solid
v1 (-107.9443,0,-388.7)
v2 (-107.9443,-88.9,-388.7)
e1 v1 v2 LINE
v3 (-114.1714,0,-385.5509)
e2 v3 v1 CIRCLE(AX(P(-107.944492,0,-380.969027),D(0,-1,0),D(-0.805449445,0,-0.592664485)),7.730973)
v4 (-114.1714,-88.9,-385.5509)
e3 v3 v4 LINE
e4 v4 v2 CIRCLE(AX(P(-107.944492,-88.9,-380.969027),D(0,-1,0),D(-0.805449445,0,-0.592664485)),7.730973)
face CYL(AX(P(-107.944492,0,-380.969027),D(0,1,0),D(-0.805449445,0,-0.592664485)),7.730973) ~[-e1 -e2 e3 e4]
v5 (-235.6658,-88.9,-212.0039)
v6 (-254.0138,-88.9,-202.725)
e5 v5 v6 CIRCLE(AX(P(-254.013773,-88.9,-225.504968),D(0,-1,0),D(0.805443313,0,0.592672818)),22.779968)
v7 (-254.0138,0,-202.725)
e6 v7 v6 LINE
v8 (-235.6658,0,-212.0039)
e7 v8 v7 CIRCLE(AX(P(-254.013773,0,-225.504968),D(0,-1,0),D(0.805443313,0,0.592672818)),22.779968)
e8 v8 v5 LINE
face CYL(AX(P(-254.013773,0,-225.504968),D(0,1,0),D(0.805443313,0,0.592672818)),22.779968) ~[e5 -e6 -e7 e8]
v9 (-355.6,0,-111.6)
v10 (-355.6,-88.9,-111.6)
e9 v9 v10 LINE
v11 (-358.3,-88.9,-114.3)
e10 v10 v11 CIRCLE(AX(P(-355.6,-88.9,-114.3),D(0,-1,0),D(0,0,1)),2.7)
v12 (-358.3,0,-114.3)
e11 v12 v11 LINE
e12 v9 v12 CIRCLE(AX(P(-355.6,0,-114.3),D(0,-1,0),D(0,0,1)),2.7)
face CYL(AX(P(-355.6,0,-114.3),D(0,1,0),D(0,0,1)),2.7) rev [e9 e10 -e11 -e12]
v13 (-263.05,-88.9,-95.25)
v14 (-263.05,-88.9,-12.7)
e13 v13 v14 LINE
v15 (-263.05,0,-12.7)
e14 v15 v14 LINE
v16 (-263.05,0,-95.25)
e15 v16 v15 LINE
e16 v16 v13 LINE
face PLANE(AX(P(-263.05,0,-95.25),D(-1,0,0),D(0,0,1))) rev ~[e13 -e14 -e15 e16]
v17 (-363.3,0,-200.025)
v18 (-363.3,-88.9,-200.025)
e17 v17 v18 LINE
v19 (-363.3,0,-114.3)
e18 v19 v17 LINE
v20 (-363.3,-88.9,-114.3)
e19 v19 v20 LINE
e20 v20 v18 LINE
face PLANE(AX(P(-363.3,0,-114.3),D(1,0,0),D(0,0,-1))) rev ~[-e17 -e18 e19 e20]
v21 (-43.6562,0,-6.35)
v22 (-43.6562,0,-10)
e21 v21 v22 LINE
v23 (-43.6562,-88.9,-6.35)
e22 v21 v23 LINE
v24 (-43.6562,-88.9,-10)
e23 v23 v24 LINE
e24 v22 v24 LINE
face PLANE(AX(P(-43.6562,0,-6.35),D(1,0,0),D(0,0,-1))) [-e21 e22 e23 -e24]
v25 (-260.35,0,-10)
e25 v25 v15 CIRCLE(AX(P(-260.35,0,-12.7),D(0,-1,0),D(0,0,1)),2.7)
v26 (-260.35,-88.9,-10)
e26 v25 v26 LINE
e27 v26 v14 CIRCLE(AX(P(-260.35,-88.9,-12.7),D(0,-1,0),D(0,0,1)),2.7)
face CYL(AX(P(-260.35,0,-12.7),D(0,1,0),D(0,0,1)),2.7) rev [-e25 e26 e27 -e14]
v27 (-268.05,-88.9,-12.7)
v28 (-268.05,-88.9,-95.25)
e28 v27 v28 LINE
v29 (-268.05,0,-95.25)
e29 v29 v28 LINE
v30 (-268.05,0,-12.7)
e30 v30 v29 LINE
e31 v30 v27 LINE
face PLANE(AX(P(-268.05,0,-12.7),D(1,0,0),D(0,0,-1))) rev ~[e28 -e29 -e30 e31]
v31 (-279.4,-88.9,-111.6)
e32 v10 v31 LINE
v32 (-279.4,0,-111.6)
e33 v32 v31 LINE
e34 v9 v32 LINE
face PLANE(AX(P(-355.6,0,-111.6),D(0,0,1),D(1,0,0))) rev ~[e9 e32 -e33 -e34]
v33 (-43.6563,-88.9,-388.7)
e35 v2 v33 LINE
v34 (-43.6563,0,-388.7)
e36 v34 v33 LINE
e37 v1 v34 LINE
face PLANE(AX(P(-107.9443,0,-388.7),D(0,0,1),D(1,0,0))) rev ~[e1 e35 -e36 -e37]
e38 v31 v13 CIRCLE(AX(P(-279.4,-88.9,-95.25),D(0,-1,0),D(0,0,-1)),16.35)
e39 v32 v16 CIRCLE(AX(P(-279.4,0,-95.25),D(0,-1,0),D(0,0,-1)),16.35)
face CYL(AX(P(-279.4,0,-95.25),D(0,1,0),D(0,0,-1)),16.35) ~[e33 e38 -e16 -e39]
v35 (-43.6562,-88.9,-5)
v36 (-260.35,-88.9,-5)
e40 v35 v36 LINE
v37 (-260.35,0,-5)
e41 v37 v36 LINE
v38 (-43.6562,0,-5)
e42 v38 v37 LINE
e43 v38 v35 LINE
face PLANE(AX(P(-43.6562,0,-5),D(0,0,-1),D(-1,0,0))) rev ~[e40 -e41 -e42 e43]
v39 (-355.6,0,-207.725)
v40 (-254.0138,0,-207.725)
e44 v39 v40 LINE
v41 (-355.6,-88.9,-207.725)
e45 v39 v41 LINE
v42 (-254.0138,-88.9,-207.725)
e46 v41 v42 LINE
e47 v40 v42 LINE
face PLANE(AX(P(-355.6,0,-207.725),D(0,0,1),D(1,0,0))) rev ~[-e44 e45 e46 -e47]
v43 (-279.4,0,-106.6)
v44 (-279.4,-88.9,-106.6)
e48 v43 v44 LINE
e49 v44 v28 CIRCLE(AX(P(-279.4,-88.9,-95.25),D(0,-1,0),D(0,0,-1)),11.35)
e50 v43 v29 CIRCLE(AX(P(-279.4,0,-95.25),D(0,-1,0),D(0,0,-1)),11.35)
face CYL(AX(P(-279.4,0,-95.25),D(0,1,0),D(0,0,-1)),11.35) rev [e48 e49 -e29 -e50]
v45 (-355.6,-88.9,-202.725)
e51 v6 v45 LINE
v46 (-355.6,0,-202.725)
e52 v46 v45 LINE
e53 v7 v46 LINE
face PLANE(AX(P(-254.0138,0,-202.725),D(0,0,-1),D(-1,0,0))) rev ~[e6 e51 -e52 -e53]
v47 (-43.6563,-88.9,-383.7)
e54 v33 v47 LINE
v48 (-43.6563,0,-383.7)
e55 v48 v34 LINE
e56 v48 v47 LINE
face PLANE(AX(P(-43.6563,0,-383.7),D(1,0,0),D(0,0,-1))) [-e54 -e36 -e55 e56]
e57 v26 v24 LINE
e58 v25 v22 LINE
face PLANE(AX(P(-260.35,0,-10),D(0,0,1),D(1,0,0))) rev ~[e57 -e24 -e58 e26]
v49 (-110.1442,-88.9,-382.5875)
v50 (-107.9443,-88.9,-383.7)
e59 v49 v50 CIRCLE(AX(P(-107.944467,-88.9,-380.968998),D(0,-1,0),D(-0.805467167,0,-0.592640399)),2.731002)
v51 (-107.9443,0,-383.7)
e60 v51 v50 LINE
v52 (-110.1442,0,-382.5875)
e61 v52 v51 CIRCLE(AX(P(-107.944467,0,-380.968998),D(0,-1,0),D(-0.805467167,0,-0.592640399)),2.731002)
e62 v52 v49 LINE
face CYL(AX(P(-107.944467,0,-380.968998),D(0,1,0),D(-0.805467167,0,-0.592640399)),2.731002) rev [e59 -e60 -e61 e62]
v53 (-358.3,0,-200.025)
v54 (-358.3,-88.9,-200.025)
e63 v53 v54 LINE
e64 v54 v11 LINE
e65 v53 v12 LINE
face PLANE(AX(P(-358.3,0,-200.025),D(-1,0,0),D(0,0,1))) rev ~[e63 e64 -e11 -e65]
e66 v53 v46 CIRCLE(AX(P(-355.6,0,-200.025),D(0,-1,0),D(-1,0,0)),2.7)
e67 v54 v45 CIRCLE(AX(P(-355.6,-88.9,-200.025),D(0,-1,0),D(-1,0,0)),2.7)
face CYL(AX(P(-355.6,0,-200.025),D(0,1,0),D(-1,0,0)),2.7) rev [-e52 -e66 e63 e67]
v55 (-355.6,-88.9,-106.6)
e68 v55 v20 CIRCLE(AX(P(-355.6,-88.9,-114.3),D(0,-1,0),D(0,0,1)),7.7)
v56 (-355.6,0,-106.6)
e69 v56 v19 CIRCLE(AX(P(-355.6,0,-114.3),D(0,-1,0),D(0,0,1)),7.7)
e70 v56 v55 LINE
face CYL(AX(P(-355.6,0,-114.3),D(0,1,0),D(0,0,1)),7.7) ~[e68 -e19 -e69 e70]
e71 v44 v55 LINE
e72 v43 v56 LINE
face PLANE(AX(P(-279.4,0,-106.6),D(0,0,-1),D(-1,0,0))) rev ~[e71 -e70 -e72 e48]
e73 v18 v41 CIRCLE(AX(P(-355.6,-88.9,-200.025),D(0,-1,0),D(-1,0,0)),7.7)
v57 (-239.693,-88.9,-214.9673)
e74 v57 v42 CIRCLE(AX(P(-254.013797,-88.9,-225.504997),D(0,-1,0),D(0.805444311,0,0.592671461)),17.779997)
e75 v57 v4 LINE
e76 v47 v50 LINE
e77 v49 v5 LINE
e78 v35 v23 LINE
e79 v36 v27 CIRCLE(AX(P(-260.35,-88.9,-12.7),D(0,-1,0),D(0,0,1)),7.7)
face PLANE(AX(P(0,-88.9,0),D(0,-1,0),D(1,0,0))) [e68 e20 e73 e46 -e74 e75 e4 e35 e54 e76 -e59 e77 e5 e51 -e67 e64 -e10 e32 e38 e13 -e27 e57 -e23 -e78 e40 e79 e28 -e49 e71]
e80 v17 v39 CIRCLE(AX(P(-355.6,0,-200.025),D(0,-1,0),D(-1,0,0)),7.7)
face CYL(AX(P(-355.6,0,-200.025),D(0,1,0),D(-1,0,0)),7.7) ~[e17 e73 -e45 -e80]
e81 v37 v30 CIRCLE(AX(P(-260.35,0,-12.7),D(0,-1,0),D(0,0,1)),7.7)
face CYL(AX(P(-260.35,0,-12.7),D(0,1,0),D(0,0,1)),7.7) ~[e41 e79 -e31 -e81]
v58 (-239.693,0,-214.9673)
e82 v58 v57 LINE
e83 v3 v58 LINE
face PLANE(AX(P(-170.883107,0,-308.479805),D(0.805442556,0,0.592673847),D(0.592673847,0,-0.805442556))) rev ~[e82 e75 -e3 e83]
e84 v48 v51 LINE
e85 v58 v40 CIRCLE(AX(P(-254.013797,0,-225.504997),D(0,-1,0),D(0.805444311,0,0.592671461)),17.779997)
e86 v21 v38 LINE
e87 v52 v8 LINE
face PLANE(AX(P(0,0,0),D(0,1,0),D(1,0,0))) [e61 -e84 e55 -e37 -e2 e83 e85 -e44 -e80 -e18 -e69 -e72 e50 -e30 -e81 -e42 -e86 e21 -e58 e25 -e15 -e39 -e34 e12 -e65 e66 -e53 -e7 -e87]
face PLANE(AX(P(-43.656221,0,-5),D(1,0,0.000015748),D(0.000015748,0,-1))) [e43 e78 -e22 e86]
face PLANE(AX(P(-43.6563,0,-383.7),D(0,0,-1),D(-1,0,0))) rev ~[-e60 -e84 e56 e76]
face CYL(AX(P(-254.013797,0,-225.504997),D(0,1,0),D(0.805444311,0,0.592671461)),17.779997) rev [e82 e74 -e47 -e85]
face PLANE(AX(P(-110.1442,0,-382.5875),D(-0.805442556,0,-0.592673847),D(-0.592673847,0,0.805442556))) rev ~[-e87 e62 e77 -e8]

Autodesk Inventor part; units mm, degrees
ref_plane "YZ Plane" through (0, 0, 0) normal (1, 0, 0) x (0, 1, 0)
ref_plane "XZ Plane" through (0, 0, 0) normal (0, 1, 0) x (-1, 0, 0)
ref_plane "XY Plane" through (0, 0, 0) normal (0, 0, 1) x (1, 0, 0)
sketch "Boceto1" plane through (0, 0, 0) normal (0, 1, 0) x (-1, 0, 0)
  line L0 (0, 0) -> (273.05, 0)
  line L1 (273.05, 0) -> (273.05, -101.6)
  line L2 (273.05, -101.6) -> (368.3, -101.6)
  line L3 (368.3, -101.6) -> (368.3, -212.725)
  line L4 (0, 0) -> (0, -393.7)
  line L5 (0, -393.7) -> (114.3, -393.7)
  line L6 (368.3, -212.725) -> (247.65, -212.725)
  line L7 (247.65, -212.725) -> (114.3, -393.7)
  dimension "d0" = 273.05
  dimension "d1" = 101.6
  dimension "d2" = 95.25
  dimension "d3" = 111.125
  dimension "d4" = 393.7
  dimension "d50" = 114.3
  dimension "d51" = 133.35
extrude "Extrusión1" add sketch "Boceto1" along normal blind 5
fillet "Empalme1" radius 12.7 7 edges at (-368.3, 2.5, -101.6) (-273.05, 2.5, 0) (-368.3, 2.5, -212.725) (-247.65, 2.5, -212.725) (-114.3, 2.5, -393.7) (0, 2.5, -393.7) (0, 2.5, 0)
fillet "Empalme2" radius 6.35 1 edges at (-273.05, 2.5, -101.6)
sketch "Boceto2" plane through (0, 5, 0) normal (0, 1, 0) x (1, 0, 0)
  line L0 (-349.25, 119.0625) -> (-273.05, 119.0625)
  line L1 (-273.05, 119.0625) -> (-273.05, 195.2625)
  line L2 (-273.05, 195.2625) -> (-349.25, 195.2625)
  line L3 (-349.25, 195.2625) -> (-349.25, 119.0625)
  line L4 (-368.3, 200.025) -> (-368.3, 114.3) projected
  line L5 (-254.0674, 212.725) -> (-355.6, 212.725) projected
  line L6 (-355.6, 101.6) -> (-279.4, 101.6) projected
  line L7 (-260.35, 0) -> (-12.7, 0) projected
  line L8 (-43.6563, 0) -> (-38.1, 0)
  line L9 (-38.1, 0) -> (-38.1, 6.35)
  line L10 (-38.1, 6.35) -> (-43.6562, 6.35)
  line L11 (-43.6562, 6.35) -> (-43.6563, 0)
  line L12 (-12.7, 393.7) -> (-107.8826, 393.7) projected
  line L13 (0, 12.7) -> (0, 381) projected
  circle A0 centre (-98.0281, 104.775) radius 4.3656
  circle A1 centre (-59.9281, 104.775) radius 4.3656
  circle A2 centre (-98.0281, 288.925) radius 4.3656
  circle A3 centre (-59.9281, 288.925) radius 4.3656
  line L14 (-123.825, 158.75) -> (-47.625, 158.75)
  line L15 (-47.625, 158.75) -> (-47.625, 234.95)
  line L16 (-47.625, 234.95) -> (-123.825, 234.95)
  line L17 (-123.825, 234.95) -> (-123.825, 158.75)
  circle A4 centre (-42.6641, 365.125) radius 5
  circle A5 centre (-42.6641, 28.575) radius 5
  line L18 (-107.8826, 393.7) -> (-12.7, 393.7) projected
  line L19 (-43.6563, 393.7) -> (-38.1, 393.7)
  line L20 (-38.1, 393.7) -> (-38.1, 387.35)
  line L21 (-38.1, 387.35) -> (-43.6563, 387.35)
  line L22 (-43.6563, 387.35) -> (-43.6563, 393.7)
  line L23 (-42.8625, 127) -> (-38.1, 127)
  line L24 (-38.1, 127) -> (-38.1, 140.0969)
  line L25 (-38.1, 140.0969) -> (-42.8625, 140.0969)
  line L26 (-42.8625, 140.0969) -> (-42.8625, 127)
  line L27 (-42.8625, 190.5) -> (-38.1, 190.5)
  line L28 (-38.1, 190.5) -> (-38.1, 203.5969)
  line L29 (-38.1, 203.5969) -> (-42.8625, 203.5969)
  line L30 (-42.8625, 203.5969) -> (-42.8625, 190.5)
  line L31 (-42.8625, 254) -> (-38.1, 254)
  line L32 (-38.1, 254) -> (-38.1, 267.0969)
  line L33 (-38.1, 267.0969) -> (-42.8625, 267.0969)
  line L34 (-42.8625, 267.0969) -> (-42.8625, 254)
  point P0 (0, 0)
  dimension "d11" = 76.2
  dimension "d17" = 17.4625
  dimension "d18" = 19.05
  dimension "d19" = 76.2
  dimension "d20" = 5.5563
  dimension "d22" = 6.35
  dimension "d24" = 38.1
  dimension "d27" = 8.7312
  dimension "d38" = 76.2
  dimension "d39" = 76.2
  dimension "d40" = 158.75
  dimension "d42" = 10
  dimension "d43" = 28.575
  dimension "d44" = 42.6641
  dimension "d47" = 10
  dimension "d52" = 38.1
  dimension "d53" = 5.5563
  dimension "d54" = 6.35
  dimension "d55" = 47.625
  dimension "d56" = 8.7312
  dimension "d57" = 98.0281
  dimension "d58" = 38.1
  dimension "d59" = 53.975
  dimension "d60" = 53.975
  dimension "d61" = 184.15
  dimension "d62" = 184.15
  dimension "d63" = 38.1
  dimension "d64" = 8.7312
  dimension "d65" = 8.7312
  dimension "d66" = 98.0281
  dimension "d67" = 42.6641
  dimension "d68" = 28.575
  dimension "d69" = 4.7625
  dimension "d70" = 4.7625
  dimension "d71" = 4.7625
  dimension "d72" = 13.0969
  dimension "d73" = 13.0969
  dimension "d74" = 13.0969
  dimension "d75" = 38.1
  dimension "d80" = 63.5
  dimension "d81" = 63.5
  dimension "d82" = 127
extrude "Extrusión2" cut sketch "Boceto2" against normal up to next
fillet "Empalme3" radius 3.5719 8 edges at (-349.25, 2.5, -119.0625) (-123.825, 2.5, -158.75) (-349.25, 2.5, -195.2625) (-123.825, 2.5, -234.95) (-273.05, 2.5, -195.2625) (-47.625, 2.5, -234.95) (-273.05, 2.5, -119.0625) (-47.625, 2.5, -158.75)
sketch "Boceto3" plane through (0, 5, 0) normal (0, 1, 0) x (1, 0, 0)
  line L0 (0, 12.7) -> (0, 381) projected
  line L1 (0, 381) -> (0, 12.7) projected
  line L2 (0, 196.85) -> (-12.7, 196.85)
  line L3 (0, 196.85) -> (0, 219.075)
  line L4 (0, 196.85) -> (0, 174.625)
  arc A0 (0, 219.075) -> (0, 174.625) centre (13.0969, 196.85) ccw
  point P0 (0, 0)
  dimension "d86" = 12.7
  dimension "d87" = 22.225
  dimension "d88" = 22.225
extrude "Extrusión3" cut sketch "Boceto3" against normal up to next
fillet "Empalme4" radius 4.7625 2 edges at (0, 2.5, -219.075) (0, 2.5, -174.625)
sketch "Boceto4" plane through (0, 0, 0) normal (0, -1, 0) x (1, 0, 0)
  line L0 (-43.6562, -5) -> (-260.35, -5)
  line L1 (-268.05, -12.7) -> (-268.05, -95.25)
  line L2 (-279.4, -106.6) -> (-355.6, -106.6)
  line L3 (-363.3, -114.3) -> (-363.3, -200.025)
  line L4 (-355.6, -207.725) -> (-254.0138, -207.725)
  line L5 (-239.693, -214.9673) -> (-114.1714, -385.5509)
  line L6 (-107.9443, -388.7) -> (-43.6563, -388.7)
  line L7 (-107.8826, -393.7) -> (-43.6563, -393.7) projected
  line L8 (-118.1068, -388.5336) -> (-243.8432, -217.8914) projected
  line L9 (-355.6, -212.725) -> (-254.0674, -212.725) projected
  line L10 (-368.3, -200.025) -> (-368.3, -114.3) projected
  line L11 (-43.6563, -387.35) -> (-43.6563, -393.7) projected
  line L12 (-355.6, -101.6) -> (-279.4, -101.6) projected
  line L13 (-273.05, -95.25) -> (-273.05, -12.7) projected
  line L14 (-260.35, 0) -> (-43.6563, 0) projected
  line L15 (-43.6563, 0) -> (-43.6562, -6.35) projected
  arc A0 (-363.3, -200.025) -> (-355.6, -207.725) centre (-355.6, -200.025) ccw
  line L16 (-368.3, -114.3) -> (-368.3, -200.025) projected
  arc A1 (-355.6, -106.6) -> (-363.3, -114.3) centre (-355.6, -114.3) ccw
  arc A2 (-260.35, -5) -> (-268.05, -12.7) centre (-260.35, -12.7) ccw
  arc A3 (-279.4, -106.6) -> (-268.05, -95.25) centre (-279.4, -95.25) ccw
  line L17 (-273.05, -12.7) -> (-273.05, -95.25) projected
  line L18 (-174.9103, -311.4431) -> (-170.8831, -308.4798)
  arc A4 (-239.693, -214.9673) -> (-254.0138, -207.725) centre (-254.0138, -225.505) ccw
  arc A5 (-114.1714, -385.5509) -> (-107.9443, -388.7) centre (-107.9443, -380.9688) ccw
  line L19 (-43.6563, -383.7) -> (-107.9443, -383.7)
  arc A6 (-110.1442, -382.5875) -> (-107.9443, -383.7) centre (-107.9443, -380.9688) ccw
  line L20 (-110.1442, -382.5875) -> (-235.6658, -212.0039)
  arc A7 (-235.6658, -212.0039) -> (-254.0138, -202.725) centre (-254.0138, -225.505) ccw
  line L21 (-254.0138, -202.725) -> (-355.6, -202.725)
  arc A8 (-358.3, -200.025) -> (-355.6, -202.725) centre (-355.6, -200.025) ccw
  line L22 (-358.3, -200.025) -> (-358.3, -114.3)
  arc A9 (-355.6, -111.6) -> (-358.3, -114.3) centre (-355.6, -114.3) ccw
  line L23 (-355.6, -111.6) -> (-279.4, -111.6)
  arc A10 (-279.4, -111.6) -> (-263.05, -95.25) centre (-279.4, -95.25) ccw
  line L24 (-263.05, -95.25) -> (-263.05, -12.7)
  arc A11 (-260.35, -10) -> (-263.05, -12.7) centre (-260.35, -12.7) ccw
  line L25 (-260.35, -10) -> (-43.6562, -10)
  line L26 (-43.6563, -383.7) -> (-43.6563, -388.7)
  line L27 (-43.6562, -5) -> (-43.6562, -10)
  line L28 (-43.6562, -6.35) -> (-43.6563, 0) projected
  point P0 (0, 0)
  dimension "d92" = 5
  dimension "d95" = 5
  dimension "d96" = 5
  dimension "d99" = 5
  dimension "d100" = 5
  dimension "d101" = 5
  dimension "d102" = 0
  dimension "d105" = 0
  dimension "d109" = 0
  dimension "d110" = 5
  dimension "d115" = 17.78
  dimension "d117" = 5
  dimension "d118" = 7.7312
extrude "Extrusión4" add sketch "Boceto4" along normal blind 88.9
sketch "Boceto5" plane through (0, 5, 0) normal (0, 1, 0) x (1, 0, 0)
  line L0 (88.3096, -76.4471) -> (-485.0439, -76.4471)
  line L1 (-485.0439, -76.4471) -> (-485.0439, 517.9952)
  line L2 (-485.0439, 517.9952) -> (88.3096, 517.9952)
  line L3 (88.3096, 517.9952) -> (88.3096, -76.4471)
  point P0 (0, 0)
extrude "Extrusión5" cut sketch "Boceto5" against normal up to surface (5 mm away)
equation "\"d42\" = UBD"
equation "\"d47\" = UBD"
equation "\"LM\" = 76.2"
equation "\"UBD\" = 10"
properties part number "CAR INTERNAL PLATE"
